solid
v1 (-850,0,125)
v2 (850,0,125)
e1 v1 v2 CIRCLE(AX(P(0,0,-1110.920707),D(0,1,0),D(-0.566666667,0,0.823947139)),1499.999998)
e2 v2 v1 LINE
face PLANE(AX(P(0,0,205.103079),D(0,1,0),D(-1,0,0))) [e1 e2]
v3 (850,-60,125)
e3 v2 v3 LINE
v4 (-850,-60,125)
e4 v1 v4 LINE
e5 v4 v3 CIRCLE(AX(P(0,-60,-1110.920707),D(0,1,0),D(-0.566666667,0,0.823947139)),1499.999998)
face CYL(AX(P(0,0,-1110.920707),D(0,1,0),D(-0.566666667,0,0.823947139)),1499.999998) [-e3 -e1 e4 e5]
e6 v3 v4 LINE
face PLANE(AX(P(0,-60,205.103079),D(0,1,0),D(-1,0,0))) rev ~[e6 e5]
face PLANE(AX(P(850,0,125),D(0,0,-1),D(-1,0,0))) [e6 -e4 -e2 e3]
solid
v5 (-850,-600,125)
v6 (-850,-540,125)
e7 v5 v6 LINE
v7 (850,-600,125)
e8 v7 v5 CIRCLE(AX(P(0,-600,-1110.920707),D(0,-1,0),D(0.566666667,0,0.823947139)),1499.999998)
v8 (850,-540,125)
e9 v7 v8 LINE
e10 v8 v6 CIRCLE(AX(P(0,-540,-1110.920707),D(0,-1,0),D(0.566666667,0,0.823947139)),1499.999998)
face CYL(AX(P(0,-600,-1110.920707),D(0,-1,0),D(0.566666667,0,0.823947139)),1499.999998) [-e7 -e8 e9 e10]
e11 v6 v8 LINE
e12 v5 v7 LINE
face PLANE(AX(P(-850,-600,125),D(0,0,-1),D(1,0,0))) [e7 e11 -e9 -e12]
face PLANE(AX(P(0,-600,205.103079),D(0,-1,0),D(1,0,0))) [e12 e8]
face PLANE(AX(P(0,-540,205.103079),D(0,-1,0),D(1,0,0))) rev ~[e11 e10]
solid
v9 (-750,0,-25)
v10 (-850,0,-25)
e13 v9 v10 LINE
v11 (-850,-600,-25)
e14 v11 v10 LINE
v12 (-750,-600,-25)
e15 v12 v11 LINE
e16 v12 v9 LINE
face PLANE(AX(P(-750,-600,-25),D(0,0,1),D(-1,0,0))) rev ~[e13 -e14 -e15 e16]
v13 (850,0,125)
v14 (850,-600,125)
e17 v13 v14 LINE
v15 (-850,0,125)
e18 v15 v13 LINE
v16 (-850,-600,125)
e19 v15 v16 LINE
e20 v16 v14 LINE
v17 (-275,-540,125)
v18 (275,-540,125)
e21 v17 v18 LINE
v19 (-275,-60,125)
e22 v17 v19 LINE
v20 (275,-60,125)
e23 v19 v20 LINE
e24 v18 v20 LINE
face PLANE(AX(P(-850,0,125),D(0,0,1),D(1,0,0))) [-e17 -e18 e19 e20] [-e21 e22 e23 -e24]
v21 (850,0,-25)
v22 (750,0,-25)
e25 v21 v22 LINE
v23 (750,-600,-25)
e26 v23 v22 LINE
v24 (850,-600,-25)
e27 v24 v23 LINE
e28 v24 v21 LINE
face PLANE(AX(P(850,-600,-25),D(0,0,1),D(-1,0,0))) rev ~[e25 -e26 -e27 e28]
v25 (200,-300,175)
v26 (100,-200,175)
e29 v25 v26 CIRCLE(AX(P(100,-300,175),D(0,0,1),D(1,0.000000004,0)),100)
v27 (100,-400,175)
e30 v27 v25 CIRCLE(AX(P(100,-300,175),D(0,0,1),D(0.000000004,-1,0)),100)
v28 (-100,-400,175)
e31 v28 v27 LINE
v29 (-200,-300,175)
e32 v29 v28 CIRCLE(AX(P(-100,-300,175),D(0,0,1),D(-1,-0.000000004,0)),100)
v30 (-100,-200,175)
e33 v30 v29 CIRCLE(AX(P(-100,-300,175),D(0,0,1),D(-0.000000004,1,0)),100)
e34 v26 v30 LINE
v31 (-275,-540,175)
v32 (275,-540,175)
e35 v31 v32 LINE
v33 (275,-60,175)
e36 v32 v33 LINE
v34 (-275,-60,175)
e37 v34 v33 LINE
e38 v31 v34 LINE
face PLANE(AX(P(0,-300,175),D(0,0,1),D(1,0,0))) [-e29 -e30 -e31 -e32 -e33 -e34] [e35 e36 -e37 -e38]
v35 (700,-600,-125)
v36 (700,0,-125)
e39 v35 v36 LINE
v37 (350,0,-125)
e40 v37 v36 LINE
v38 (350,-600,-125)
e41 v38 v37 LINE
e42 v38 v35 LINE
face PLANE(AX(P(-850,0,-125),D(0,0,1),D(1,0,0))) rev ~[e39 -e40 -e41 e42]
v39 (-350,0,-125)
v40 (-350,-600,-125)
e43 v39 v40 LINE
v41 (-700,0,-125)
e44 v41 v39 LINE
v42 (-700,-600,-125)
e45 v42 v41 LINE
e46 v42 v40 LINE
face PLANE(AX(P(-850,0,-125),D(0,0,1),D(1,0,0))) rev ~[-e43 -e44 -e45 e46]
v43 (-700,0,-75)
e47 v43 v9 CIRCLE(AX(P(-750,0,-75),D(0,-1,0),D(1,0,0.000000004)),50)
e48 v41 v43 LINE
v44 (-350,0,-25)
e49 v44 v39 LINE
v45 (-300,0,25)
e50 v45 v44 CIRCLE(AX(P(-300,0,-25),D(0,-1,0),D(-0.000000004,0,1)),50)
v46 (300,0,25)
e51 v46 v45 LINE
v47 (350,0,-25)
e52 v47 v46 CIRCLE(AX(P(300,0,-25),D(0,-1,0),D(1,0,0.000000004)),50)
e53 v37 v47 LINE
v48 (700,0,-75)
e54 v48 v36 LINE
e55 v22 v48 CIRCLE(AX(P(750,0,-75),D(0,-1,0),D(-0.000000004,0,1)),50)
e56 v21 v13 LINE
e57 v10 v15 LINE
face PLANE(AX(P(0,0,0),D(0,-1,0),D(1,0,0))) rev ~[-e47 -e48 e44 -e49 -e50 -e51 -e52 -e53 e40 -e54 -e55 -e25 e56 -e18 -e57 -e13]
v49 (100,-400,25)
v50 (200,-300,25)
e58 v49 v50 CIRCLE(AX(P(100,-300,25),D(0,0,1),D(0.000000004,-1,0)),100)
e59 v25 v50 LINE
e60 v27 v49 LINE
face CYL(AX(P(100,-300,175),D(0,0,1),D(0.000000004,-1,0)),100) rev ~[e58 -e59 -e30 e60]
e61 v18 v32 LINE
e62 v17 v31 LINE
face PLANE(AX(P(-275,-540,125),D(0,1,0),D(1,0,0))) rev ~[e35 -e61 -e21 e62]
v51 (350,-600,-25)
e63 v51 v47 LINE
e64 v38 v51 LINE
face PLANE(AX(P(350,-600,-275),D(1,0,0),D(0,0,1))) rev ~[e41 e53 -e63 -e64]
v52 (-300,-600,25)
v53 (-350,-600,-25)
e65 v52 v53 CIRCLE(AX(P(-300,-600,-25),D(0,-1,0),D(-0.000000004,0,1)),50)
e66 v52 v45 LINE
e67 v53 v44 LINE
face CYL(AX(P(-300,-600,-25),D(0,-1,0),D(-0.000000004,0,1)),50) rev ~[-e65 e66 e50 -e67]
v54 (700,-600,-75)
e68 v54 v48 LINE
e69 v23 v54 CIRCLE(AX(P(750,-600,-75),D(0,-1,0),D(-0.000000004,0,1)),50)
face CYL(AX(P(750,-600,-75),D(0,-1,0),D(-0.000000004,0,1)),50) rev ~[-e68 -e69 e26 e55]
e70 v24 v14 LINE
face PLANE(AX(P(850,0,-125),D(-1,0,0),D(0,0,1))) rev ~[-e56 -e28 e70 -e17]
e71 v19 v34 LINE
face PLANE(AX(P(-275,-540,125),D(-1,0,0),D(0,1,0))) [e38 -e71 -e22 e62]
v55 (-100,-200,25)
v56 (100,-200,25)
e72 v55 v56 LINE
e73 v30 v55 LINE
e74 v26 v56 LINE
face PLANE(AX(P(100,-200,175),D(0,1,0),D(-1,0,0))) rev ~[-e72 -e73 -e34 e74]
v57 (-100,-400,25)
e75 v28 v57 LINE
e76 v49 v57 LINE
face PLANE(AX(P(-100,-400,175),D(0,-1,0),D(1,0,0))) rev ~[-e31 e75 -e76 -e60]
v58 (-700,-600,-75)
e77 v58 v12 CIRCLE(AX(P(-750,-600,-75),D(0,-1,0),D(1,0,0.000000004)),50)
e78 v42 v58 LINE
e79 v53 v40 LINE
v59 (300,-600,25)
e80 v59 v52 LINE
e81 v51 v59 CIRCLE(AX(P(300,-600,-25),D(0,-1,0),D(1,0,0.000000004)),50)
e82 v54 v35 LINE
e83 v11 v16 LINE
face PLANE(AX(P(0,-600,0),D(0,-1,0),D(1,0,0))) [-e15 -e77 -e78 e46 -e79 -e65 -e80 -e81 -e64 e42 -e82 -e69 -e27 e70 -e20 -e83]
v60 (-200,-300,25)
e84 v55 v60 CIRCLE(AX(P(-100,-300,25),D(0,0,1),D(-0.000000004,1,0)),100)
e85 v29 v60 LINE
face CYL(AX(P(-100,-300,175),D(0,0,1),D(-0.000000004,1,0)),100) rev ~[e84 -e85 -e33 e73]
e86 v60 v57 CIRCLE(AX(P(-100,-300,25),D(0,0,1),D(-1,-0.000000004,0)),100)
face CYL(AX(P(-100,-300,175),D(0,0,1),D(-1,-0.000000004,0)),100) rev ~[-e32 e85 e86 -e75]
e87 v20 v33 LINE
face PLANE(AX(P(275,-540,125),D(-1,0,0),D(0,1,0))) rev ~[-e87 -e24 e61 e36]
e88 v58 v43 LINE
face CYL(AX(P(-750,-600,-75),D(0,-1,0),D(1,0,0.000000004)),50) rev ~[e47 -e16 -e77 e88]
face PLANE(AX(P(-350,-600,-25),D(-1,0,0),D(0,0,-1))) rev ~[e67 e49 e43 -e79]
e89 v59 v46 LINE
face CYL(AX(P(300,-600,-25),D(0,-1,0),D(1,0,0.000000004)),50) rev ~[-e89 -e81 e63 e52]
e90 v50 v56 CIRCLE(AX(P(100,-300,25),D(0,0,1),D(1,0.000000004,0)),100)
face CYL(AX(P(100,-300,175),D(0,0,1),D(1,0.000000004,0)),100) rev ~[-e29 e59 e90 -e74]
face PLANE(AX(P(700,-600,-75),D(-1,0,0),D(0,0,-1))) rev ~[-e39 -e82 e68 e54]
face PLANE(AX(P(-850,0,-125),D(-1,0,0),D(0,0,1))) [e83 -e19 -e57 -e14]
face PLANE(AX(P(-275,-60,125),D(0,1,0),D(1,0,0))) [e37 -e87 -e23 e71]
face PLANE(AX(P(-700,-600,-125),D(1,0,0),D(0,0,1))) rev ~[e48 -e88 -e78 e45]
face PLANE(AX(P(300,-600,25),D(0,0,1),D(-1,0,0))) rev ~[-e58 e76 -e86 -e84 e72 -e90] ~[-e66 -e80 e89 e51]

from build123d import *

# Parameters (mm, degrees)
F0_W      = 1700
F0_H      = 250
F1_DEPTH  = 600
F3_DEPTH  = 600.001
F4_W      = 550
F4_H      = 480
F5_DEPTH  = 50
F7_DEPTH  = 300.001
F9_DEPTH  = 60
F11_DEPTH = 60
F13_DEPTH = 600.001


with BuildPart() as f1:
    # F0 (on Front) → F1 (new body)
    with BuildSketch(Plane.XZ):
        Rectangle(F0_W, F0_H)
    extrude(amount=F1_DEPTH)

    # F2 (on face) → F3 (cut, through all)
    with BuildSketch(Plane.XZ.offset(600)):
        with BuildLine():
            Line((-850, -25), (-850, -125))
            Line((-850, -125), (-700, -125))
            Line((-700, -125), (-700, -75))
            ThreePointArc((-700, -75), (-714.644661, -39.644661), (-750, -25))
            Line((-750, -25), (-850, -25))
        make_face()
        with BuildLine():
            Line((700, -125), (850, -125))
            Line((850, -125), (850, -25))
            Line((850, -25), (750, -25))
            ThreePointArc((750, -25), (714.644661, -39.644661), (700, -75))
            Line((700, -75), (700, -125))
        make_face()
    extrude(amount=-F3_DEPTH, mode=Mode.SUBTRACT)

    # F4 (on face) → F5 (join)
    with BuildSketch(Plane.XY.offset(125)):
        with Locations((0, -300)):
            Rectangle(F4_W, F4_H)
    extrude(amount=F5_DEPTH)

    # F6 (on face) → F7 (cut, through all)
    with BuildSketch(Plane.XY.offset(175)):
        with BuildLine():
            ThreePointArc((200, -300), (170.710678, -229.289322), (100, -200))
            Line((100, -200), (-100, -200))
            ThreePointArc((-100, -200), (-170.710678, -229.289322), (-200, -300))
            ThreePointArc((-200, -300), (-170.710678, -370.710678), (-100, -400))
            Line((-100, -400), (100, -400))
            ThreePointArc((100, -400), (170.710678, -370.710678), (200, -300))
        make_face()
    extrude(amount=-F7_DEPTH, mode=Mode.SUBTRACT)

    # F12 (on face) → F13 (cut, through all)
    with BuildSketch(Plane.XZ.offset(600)):
        with BuildLine():
            ThreePointArc((350, -25), (335.355339, 10.355339), (300, 25))
            Line((300, 25), (-300, 25))
            ThreePointArc((-300, 25), (-335.355339, 10.355339), (-350, -25))
            Line((-350, -25), (-350, -275))
            Line((-350, -275), (350, -275))
            Line((350, -275), (350, -25))
        make_face()
    extrude(amount=-F13_DEPTH, mode=Mode.SUBTRACT)


with BuildPart() as f9:
    # F8 (on face) → F9 (new body)
    with BuildSketch(Plane.XZ.offset(600)):
        with BuildLine():
            Line((-850, 125), (850, 125))
            ThreePointArc((850, 125), (0, 389.079291), (-850, 125))
        make_face()
    extrude(amount=-F9_DEPTH)


with BuildPart() as f11:
    # F10 (on face) → F11 (new body)
    with BuildSketch(Plane(origin=(0, 0, 0), x_dir=(-1, 0, 0), z_dir=(0, 1, 0))):
        with BuildLine():
            Line((-850, 125), (850, 125))
            ThreePointArc((850, 125), (0, 389.079291), (-850, 125))
        make_face()
    extrude(amount=-F11_DEPTH)


solid = Compound([f1.part, f9.part, f11.part])
